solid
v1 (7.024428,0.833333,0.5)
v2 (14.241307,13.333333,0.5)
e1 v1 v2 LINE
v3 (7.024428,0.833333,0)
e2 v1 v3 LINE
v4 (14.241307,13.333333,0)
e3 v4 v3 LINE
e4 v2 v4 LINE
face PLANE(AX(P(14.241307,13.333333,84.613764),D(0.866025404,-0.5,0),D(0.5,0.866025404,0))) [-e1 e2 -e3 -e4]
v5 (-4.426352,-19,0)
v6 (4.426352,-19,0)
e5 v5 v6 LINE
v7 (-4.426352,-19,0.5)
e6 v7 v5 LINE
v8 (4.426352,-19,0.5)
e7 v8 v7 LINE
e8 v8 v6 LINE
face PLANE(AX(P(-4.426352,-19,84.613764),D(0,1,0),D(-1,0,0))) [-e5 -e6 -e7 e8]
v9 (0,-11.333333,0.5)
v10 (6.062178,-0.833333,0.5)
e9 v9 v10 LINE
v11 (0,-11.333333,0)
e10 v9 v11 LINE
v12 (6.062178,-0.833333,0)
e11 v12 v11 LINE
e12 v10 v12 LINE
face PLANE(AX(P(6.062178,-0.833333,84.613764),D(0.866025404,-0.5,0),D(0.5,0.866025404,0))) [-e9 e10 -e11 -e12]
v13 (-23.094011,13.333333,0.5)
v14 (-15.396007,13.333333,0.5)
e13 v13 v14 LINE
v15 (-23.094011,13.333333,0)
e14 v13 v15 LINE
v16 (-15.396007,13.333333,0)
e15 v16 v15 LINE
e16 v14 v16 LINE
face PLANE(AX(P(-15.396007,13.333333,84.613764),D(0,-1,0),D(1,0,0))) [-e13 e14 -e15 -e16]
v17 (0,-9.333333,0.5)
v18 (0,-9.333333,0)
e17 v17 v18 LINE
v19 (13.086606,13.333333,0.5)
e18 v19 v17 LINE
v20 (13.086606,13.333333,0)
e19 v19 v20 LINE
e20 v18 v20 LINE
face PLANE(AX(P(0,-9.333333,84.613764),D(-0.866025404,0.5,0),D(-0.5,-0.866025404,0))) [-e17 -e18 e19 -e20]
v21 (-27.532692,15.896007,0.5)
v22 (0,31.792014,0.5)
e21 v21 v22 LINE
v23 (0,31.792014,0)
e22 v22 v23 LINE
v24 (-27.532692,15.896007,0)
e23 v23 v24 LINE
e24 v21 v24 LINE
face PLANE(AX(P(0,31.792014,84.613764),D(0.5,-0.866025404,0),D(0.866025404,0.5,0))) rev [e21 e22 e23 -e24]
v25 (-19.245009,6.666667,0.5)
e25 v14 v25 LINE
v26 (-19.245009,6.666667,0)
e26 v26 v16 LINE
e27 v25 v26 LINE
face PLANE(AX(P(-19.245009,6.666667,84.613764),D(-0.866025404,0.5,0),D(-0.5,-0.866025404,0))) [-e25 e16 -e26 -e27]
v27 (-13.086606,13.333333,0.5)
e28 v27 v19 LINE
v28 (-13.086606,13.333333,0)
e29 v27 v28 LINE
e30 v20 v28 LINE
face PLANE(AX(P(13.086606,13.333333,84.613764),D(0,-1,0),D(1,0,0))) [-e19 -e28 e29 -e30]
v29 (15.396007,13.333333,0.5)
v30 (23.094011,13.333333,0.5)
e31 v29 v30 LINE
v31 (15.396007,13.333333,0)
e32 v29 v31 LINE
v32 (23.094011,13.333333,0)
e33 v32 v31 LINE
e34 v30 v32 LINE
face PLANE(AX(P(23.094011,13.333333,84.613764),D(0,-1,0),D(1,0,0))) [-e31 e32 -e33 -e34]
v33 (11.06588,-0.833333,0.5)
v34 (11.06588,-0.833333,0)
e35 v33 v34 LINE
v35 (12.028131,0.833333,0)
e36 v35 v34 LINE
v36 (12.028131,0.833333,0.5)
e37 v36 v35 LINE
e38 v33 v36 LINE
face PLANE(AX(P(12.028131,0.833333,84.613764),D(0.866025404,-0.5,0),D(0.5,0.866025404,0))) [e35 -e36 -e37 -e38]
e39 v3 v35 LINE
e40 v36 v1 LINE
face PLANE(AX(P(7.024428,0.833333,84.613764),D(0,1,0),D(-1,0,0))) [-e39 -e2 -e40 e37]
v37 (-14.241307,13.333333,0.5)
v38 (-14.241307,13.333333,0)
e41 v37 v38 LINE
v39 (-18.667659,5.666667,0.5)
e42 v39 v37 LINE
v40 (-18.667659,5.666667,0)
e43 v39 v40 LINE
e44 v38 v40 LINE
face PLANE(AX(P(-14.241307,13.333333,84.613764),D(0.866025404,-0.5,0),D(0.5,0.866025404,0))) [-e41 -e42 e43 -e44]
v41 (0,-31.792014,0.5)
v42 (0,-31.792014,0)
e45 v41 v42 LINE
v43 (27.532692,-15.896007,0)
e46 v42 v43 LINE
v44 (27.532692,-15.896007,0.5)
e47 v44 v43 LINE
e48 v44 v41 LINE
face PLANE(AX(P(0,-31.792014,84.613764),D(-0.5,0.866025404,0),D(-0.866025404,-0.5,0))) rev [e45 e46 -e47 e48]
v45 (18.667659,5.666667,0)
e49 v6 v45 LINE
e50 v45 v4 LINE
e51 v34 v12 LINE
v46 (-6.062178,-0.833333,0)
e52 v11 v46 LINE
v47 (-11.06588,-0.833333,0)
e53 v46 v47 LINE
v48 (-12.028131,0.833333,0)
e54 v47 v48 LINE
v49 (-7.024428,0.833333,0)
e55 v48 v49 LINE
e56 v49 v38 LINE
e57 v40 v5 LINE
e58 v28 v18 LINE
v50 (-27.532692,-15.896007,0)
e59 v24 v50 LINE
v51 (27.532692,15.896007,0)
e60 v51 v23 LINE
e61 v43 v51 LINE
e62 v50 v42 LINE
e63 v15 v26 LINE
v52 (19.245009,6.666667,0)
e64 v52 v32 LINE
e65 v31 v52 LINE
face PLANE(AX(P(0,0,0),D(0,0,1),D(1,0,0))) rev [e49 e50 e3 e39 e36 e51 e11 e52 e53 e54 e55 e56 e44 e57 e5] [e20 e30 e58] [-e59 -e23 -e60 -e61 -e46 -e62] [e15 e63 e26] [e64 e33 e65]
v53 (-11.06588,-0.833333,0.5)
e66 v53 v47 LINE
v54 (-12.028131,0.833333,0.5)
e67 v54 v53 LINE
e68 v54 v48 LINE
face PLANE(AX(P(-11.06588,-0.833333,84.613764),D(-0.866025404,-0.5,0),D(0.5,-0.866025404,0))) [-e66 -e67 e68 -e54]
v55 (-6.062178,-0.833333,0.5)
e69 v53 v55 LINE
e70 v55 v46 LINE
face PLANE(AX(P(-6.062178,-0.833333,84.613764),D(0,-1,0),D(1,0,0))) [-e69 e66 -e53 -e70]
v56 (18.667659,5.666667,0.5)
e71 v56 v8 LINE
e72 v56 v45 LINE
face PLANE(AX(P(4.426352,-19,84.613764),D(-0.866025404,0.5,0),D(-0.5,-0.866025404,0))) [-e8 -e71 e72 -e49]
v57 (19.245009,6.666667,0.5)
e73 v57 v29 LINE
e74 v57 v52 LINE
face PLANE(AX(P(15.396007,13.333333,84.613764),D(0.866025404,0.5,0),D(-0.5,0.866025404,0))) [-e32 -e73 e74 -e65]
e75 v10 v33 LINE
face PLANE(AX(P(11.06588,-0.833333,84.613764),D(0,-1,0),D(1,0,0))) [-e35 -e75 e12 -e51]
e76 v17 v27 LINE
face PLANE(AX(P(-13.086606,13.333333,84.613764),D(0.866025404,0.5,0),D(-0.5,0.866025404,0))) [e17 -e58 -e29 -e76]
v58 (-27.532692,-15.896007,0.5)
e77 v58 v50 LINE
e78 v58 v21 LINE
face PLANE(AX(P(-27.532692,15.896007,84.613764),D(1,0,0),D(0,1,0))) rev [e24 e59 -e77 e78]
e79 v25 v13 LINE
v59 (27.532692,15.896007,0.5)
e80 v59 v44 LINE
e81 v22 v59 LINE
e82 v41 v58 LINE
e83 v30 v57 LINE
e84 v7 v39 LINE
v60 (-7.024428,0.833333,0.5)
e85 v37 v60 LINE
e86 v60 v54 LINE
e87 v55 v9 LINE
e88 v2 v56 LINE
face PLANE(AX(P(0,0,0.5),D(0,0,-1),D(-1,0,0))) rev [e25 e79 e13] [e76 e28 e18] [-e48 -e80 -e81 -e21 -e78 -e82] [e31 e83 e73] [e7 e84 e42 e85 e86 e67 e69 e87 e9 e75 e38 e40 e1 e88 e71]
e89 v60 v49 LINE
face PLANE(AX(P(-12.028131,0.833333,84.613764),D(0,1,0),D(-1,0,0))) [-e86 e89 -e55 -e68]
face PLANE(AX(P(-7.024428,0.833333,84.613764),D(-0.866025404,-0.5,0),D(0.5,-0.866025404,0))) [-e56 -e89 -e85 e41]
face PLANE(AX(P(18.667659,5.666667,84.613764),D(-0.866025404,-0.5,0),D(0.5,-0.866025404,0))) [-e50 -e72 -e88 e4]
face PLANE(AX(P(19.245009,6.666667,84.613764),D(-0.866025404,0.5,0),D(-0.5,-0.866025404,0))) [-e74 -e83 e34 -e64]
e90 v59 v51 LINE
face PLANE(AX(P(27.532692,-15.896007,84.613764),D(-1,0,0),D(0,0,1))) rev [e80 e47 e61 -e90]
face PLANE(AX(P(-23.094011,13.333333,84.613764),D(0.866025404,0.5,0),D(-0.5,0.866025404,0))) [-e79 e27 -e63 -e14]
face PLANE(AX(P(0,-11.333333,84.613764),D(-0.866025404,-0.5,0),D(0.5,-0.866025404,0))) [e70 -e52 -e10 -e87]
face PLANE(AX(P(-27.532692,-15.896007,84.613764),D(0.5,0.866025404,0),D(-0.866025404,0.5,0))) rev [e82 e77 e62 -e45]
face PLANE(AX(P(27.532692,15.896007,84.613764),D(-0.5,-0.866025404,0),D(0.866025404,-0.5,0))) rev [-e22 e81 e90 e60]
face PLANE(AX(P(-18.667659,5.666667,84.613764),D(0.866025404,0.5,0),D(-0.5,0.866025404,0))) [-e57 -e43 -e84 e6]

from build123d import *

# Parameters (mm, degrees)
BOSS_EXTRUDE1_DEPTH = 0.5


with BuildPart() as part:
    # Sketch1 → Boss-Extrude1 (new body)
    with BuildSketch(Plane.XY):
        Polygon((27.53269207, 15.896007178), (0, 31.792014357), (-27.53269207, 15.896007178), (-27.53269207, -15.896007178), (0, -31.792014357), (27.53269207, -15.896007178), align=None)
        Polygon((23.094010768, 13.333333333), (15.396007178, 13.333333333), (19.245008973, 6.666666667), align=None, mode=Mode.SUBTRACT)
        Polygon((4.426352064, -19), (18.667658704, 5.666666667), (14.24130664, 13.333333333), (7.024428275, 0.833333333), (12.028130608, 0.833333333), (11.065880159, -0.833333333), (6.062177826, -0.833333333), (0, -11.333333333), (-6.062177826, -0.833333333), (-11.065880159, -0.833333333), (-12.028130608, 0.833333333), (-7.024428275, 0.833333333), (-14.24130664, 13.333333333), (-18.667658704, 5.666666667), (-4.426352064, -19), align=None, mode=Mode.SUBTRACT)
        Polygon((0, -9.333333333), (13.086606102, 13.333333333), (-13.086606102, 13.333333333), align=None, mode=Mode.SUBTRACT)
        Polygon((-23.094010768, 13.333333333), (-19.245008973, 6.666666667), (-15.396007178, 13.333333333), align=None, mode=Mode.SUBTRACT)
    extrude(amount=BOSS_EXTRUDE1_DEPTH)


solid = part.part
